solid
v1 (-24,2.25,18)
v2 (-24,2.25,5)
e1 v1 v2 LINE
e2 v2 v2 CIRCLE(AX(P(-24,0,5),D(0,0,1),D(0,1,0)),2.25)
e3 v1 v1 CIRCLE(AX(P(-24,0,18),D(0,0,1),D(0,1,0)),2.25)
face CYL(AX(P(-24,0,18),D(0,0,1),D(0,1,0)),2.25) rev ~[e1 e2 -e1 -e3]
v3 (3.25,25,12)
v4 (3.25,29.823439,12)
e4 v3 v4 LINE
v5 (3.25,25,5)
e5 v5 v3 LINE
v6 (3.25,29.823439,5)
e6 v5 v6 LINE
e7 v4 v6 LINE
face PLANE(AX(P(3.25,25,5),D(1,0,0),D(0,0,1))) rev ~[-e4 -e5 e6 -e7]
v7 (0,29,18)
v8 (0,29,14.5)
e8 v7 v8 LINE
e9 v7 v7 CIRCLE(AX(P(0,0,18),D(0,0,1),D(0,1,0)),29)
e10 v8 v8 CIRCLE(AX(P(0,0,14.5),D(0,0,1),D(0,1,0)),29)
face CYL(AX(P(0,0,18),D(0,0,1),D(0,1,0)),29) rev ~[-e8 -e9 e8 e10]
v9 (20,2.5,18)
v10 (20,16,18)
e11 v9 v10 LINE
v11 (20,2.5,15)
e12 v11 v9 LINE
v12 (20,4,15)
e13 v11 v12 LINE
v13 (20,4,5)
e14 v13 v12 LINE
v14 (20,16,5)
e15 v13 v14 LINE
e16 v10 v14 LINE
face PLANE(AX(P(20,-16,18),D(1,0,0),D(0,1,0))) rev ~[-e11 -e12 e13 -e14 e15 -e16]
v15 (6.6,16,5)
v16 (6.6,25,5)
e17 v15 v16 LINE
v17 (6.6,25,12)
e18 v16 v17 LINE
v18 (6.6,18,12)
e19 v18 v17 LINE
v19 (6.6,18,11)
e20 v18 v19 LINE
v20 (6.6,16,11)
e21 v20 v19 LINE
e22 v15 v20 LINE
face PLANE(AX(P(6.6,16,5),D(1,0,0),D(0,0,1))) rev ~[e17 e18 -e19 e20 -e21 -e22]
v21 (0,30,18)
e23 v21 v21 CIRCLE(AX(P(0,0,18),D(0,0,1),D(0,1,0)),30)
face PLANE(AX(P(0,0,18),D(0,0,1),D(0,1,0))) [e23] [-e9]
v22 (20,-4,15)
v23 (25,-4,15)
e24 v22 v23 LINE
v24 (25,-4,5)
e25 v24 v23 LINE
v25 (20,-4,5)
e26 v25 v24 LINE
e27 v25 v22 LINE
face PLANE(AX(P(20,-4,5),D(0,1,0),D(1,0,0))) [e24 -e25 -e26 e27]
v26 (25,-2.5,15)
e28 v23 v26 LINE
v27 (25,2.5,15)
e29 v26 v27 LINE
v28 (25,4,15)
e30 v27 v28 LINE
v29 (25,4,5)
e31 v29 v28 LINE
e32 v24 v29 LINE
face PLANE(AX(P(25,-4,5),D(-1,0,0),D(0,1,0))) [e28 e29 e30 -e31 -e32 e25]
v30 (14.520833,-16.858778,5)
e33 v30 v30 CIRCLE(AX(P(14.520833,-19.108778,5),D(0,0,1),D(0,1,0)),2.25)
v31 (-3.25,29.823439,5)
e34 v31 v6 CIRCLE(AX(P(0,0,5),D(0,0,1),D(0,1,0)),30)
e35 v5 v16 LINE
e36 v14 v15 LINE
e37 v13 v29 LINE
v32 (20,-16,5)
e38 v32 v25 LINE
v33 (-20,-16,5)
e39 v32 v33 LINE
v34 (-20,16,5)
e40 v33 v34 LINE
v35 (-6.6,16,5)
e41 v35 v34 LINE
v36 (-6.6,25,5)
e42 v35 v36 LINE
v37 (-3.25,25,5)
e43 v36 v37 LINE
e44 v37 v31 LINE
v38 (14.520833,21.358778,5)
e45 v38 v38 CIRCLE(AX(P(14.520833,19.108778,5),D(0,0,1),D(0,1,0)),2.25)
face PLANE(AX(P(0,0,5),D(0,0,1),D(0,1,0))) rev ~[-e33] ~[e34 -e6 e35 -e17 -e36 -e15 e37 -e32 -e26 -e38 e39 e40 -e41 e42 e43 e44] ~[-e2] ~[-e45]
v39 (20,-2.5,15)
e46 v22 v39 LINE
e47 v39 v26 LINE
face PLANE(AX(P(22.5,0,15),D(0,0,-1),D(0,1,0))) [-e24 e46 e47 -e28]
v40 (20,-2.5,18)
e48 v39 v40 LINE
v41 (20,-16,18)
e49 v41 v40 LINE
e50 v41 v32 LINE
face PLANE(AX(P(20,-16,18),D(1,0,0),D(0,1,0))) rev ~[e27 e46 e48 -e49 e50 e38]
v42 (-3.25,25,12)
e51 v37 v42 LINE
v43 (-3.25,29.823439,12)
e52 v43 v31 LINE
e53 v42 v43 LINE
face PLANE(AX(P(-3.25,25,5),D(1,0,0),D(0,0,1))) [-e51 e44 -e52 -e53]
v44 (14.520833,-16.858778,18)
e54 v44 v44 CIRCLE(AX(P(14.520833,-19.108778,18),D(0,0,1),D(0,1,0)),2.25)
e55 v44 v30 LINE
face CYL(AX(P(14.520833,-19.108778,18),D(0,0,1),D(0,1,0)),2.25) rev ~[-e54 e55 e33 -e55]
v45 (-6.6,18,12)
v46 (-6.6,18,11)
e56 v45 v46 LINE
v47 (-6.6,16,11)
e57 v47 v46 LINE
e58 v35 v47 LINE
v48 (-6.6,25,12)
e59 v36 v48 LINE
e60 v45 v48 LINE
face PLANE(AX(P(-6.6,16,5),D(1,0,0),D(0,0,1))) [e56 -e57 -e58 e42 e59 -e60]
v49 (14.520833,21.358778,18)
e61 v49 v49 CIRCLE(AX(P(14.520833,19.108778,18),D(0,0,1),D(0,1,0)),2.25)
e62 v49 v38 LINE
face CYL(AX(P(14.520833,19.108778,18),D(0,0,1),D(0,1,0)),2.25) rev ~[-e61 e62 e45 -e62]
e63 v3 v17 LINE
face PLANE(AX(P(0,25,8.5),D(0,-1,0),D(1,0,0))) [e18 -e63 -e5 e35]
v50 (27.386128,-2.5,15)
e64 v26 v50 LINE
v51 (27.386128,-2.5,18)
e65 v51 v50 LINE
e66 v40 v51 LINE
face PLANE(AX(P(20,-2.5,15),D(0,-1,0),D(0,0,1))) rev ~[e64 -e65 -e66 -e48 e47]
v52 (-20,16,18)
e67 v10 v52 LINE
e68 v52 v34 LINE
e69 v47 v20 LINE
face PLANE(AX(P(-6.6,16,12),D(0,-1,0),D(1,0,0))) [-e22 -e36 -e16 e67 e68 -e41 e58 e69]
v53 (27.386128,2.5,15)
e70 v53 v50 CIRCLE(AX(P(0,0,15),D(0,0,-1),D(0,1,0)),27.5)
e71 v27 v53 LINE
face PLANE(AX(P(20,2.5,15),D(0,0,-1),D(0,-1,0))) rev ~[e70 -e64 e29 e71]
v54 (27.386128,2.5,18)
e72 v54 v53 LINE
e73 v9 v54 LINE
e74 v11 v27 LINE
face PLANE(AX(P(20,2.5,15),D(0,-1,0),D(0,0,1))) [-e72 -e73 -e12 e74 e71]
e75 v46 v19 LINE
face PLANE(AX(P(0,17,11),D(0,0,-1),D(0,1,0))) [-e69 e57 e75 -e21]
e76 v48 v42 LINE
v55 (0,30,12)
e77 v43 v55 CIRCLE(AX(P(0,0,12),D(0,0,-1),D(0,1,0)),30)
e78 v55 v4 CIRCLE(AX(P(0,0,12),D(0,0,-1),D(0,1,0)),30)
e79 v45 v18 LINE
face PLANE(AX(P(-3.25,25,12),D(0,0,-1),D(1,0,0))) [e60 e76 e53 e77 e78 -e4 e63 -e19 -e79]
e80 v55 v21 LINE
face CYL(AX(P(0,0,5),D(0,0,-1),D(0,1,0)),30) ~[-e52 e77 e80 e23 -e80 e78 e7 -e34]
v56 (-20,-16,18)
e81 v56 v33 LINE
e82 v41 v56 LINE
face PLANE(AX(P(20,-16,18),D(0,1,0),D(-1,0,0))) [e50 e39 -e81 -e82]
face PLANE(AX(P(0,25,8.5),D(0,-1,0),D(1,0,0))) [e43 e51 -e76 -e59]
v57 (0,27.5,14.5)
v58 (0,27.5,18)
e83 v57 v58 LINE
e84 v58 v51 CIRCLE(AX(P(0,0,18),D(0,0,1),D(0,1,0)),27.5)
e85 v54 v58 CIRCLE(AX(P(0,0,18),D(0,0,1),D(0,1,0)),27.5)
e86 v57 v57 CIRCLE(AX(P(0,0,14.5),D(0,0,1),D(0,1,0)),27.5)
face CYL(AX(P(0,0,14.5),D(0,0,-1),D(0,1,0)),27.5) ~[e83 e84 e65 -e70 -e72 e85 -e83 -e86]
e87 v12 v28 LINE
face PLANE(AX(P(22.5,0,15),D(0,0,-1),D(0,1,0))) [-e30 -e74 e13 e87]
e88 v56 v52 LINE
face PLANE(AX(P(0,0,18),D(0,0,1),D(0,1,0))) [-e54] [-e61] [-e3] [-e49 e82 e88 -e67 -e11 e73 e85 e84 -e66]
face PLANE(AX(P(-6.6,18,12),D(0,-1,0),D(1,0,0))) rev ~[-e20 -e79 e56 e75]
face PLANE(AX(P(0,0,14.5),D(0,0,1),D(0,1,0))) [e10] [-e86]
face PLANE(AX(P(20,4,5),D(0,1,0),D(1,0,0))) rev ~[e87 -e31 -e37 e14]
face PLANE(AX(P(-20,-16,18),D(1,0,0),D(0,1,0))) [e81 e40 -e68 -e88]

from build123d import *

# Parameters (mm, degrees)
SKETCH027_R             = 30
PAD006_DEPTH            = 13
SKETCH028_R             = 29
POCKET018_DEPTH         = 3.5
SKETCH029_R             = 27.5
PAD007_DEPTH            = 3.5
SKETCH031_W             = 32
SKETCH031_H             = 40
POCKET020_DEPTH         = 13
SKETCH032_W             = 5
SKETCH032_H             = 3
POCKET021_DEPTH         = 8
SKETCH033_R             = 2.25
POCKET022_DEPTH         = 20
SKETCH034_W             = 8
SKETCH034_H             = 5
POCKET023_DEPTH         = 10
SKETCH035_W             = 13.2
SKETCH035_H             = 7
POCKET024_DEPTH         = 9
SKETCH036_W             = 6.5
SKETCH036_H             = 7
POCKET025_DEPTH         = 5
SKETCH037_W             = 2
SKETCH037_H             = 13.2
PAD008_DEPTH            = 1
BODY005_PLACEMENT_ANGLE = 90


with BuildPart() as part:
    # Sketch027 → Pad006 (new body)
    with BuildSketch(Plane.XY):
        Circle(SKETCH027_R)
    extrude(amount=PAD006_DEPTH)

    # Sketch028 (on Face3 of Pad006) → Pocket018 (cut)
    with BuildSketch(Plane.XY.offset(13)):
        Circle(SKETCH028_R)
    extrude(amount=-POCKET018_DEPTH, mode=Mode.SUBTRACT)

    # Sketch029 (on Face5 of Pocket018) → Pad007 (join)
    with BuildSketch(Plane.XY.offset(9.5)):
        Circle(SKETCH029_R)
    extrude(amount=PAD007_DEPTH)

    # Sketch031 → Pocket020 (cut)
    with BuildSketch(Plane.XY.offset(13)):
        Rectangle(SKETCH031_W, SKETCH031_H)
    extrude(amount=-POCKET020_DEPTH, mode=Mode.SUBTRACT)

    # Sketch032 (on Face5 of Pocket020) → Pocket021 (cut)
    with BuildSketch(Plane(origin=(0, -20, 0), x_dir=(-1, 0, 0), z_dir=(0, 1, 0))):
        with Locations((0, 11.5)):
            Rectangle(SKETCH032_W, SKETCH032_H)
    extrude(amount=-POCKET021_DEPTH, mode=Mode.SUBTRACT)

    # Sketch033 (on Face9 of Pocket021) → Pocket022 (cut)
    with BuildSketch(Plane.XY.offset(13)):
        with Locations((-19.108778, -14.520833)):
            Circle(SKETCH033_R)
        with Locations((0, 24)):
            Circle(SKETCH033_R)
        with Locations((19.108778, -14.520833)):
            Circle(SKETCH033_R)
    extrude(amount=-POCKET022_DEPTH, mode=Mode.SUBTRACT)

    # Sketch034 (on Face2 of Pocket022) → Pocket023 (cut)
    with BuildSketch(Plane(origin=(0, 0, 0), x_dir=(1, 0, 0), z_dir=(0, 0, -1))):
        with Locations((0, 22.5)):
            Rectangle(SKETCH034_W, SKETCH034_H)
    extrude(amount=-POCKET023_DEPTH, mode=Mode.SUBTRACT)

    # Sketch035 (on Face10 of Pocket023) → Pocket024 (cut)
    with BuildSketch(Plane(origin=(16, 0, 0), x_dir=(0, -1, 0), z_dir=(-1, 0, 0))):
        with Locations((0, 3.5)):
            Rectangle(SKETCH035_W, SKETCH035_H)
    extrude(amount=-POCKET024_DEPTH, mode=Mode.SUBTRACT)

    # Sketch036 (on Face12 of Pocket024) → Pocket025 (cut)
    with BuildSketch(Plane(origin=(25, 0, 0), x_dir=(0, -1, 0), z_dir=(-1, 0, 0))):
        with Locations((0, 3.5)):
            Rectangle(SKETCH036_W, SKETCH036_H)
    extrude(amount=-POCKET025_DEPTH, mode=Mode.SUBTRACT)

    # Sketch037 (on Face7 of Pocket025) → Pad008 (join)
    with BuildSketch(Plane(origin=(0, 0, 7), x_dir=(1, 0, 0), z_dir=(0, 0, -1))):
        with Locations((17, 0)):
            Rectangle(SKETCH037_W, SKETCH037_H)
    extrude(amount=PAD008_DEPTH)


with BuildPart() as part_1:
    # Body005 placement: moved
    add(part.part.moved(Location((0, 0, 5))).rotate(Axis((0, 0, 5), (0, 0, 1)), BODY005_PLACEMENT_ANGLE))


solid = part_1.part
